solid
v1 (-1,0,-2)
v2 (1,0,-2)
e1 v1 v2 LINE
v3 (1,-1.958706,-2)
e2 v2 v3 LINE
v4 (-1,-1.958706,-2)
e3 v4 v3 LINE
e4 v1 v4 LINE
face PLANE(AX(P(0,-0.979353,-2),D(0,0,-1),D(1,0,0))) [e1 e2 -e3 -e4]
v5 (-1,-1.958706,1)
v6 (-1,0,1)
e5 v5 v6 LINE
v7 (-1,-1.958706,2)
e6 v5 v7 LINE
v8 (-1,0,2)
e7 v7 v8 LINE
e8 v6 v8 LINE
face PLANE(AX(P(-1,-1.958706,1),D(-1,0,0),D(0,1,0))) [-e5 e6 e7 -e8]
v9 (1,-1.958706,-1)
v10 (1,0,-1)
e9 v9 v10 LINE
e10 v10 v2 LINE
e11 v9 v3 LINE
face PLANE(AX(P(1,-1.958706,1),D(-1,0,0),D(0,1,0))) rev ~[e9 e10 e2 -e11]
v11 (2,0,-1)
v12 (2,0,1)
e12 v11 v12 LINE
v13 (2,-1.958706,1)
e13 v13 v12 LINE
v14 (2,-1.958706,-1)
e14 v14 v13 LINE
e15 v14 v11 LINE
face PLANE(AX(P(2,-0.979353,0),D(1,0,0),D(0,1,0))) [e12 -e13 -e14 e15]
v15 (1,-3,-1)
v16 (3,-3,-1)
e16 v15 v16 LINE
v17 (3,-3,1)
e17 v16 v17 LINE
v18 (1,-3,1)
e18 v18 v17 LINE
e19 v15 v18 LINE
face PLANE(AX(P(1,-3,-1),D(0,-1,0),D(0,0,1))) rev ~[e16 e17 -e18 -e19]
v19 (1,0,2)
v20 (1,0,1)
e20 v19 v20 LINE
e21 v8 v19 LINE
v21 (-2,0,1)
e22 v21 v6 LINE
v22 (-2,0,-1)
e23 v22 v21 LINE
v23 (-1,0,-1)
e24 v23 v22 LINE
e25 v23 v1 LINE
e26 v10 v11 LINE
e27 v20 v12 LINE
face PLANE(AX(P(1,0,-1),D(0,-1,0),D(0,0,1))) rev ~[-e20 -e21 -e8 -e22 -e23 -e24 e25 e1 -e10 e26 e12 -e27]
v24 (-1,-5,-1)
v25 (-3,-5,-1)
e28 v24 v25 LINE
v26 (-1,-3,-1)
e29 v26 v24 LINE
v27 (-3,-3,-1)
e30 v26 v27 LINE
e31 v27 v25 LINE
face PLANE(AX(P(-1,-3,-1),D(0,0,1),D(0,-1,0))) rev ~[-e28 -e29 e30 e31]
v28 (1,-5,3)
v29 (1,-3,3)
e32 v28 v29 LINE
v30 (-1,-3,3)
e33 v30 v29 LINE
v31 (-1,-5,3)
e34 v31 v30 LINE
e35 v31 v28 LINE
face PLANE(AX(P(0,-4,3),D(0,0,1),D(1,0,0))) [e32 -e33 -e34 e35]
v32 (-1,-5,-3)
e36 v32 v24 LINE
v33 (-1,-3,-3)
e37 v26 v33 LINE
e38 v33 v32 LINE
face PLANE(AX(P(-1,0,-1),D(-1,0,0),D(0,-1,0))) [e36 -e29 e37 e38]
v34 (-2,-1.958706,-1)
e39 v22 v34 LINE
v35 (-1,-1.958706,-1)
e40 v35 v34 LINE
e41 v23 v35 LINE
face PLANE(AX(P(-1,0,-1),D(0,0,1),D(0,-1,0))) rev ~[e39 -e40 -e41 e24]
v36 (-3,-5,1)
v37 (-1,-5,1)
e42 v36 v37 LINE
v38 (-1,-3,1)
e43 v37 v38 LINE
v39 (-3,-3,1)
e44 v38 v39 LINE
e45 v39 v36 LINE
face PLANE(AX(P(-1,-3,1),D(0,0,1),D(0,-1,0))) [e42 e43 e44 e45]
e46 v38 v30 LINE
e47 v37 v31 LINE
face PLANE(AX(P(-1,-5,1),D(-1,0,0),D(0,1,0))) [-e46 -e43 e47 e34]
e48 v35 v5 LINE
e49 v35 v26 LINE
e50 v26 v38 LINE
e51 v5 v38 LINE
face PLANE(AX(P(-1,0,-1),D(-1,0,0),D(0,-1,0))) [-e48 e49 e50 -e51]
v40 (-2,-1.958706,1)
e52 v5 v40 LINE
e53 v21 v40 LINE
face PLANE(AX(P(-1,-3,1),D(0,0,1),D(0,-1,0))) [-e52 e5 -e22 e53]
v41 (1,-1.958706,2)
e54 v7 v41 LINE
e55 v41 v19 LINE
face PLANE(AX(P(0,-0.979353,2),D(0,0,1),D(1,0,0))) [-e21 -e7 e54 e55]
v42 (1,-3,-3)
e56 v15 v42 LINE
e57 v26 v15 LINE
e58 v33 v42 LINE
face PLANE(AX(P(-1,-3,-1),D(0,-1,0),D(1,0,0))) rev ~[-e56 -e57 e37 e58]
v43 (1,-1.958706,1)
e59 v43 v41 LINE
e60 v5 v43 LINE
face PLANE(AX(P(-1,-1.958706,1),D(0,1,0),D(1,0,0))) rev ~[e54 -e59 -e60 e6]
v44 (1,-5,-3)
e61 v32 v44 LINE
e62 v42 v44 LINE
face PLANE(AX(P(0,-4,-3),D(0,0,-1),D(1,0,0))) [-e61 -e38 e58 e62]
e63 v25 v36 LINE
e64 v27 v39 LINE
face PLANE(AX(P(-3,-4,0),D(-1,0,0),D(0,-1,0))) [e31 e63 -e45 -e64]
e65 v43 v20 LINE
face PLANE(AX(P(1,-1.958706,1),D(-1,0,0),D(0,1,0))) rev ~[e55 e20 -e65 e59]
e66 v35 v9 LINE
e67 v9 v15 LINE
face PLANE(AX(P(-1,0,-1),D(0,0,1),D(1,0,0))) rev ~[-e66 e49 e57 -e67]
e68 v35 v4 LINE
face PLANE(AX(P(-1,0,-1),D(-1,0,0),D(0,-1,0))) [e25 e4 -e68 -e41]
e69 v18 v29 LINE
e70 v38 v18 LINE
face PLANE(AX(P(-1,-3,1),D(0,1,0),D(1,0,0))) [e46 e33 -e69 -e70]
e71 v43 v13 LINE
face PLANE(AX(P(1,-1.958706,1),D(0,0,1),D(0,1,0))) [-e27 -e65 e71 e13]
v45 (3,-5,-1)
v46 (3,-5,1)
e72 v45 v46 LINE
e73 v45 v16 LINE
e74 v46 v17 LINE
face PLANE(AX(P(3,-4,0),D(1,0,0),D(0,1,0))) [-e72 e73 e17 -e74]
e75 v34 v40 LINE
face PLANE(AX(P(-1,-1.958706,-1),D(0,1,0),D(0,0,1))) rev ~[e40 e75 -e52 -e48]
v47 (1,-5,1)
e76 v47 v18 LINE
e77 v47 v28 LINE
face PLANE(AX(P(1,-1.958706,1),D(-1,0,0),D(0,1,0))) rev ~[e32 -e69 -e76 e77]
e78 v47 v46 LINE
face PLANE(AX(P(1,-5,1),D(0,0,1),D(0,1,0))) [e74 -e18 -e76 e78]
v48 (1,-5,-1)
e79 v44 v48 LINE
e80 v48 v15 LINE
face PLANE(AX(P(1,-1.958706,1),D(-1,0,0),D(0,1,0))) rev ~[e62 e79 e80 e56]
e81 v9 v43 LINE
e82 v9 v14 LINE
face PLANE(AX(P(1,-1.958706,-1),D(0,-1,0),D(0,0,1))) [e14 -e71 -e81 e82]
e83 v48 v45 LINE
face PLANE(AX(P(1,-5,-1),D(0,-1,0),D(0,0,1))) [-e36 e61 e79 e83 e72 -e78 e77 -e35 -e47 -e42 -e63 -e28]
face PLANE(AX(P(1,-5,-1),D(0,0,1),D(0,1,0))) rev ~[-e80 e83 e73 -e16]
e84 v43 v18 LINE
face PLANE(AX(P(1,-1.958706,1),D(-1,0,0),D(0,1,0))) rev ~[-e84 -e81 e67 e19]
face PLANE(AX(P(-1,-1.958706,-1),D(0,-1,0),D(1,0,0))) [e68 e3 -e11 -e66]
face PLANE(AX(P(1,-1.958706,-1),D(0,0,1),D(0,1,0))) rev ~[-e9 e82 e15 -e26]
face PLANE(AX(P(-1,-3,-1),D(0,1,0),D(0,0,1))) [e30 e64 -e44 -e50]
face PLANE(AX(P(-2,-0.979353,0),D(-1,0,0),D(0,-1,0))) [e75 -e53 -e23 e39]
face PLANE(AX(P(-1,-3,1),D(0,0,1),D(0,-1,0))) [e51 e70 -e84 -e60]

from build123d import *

# Parameters (mm, degrees)
F0_W      = 2
F0_H      = 2
F1_DEPTH  = 5
F2_W      = 2
F2_H      = 2
F3_DEPTH  = 2
F4_W      = 2
F4_H      = 1.958706
F5_DEPTH  = 1
F6_W      = 1.958706
F6_H      = 2
F7_DEPTH  = 1
F8_W      = 2
F8_H      = 2
F9_DEPTH  = 2
F10_W     = 2
F10_H     = 2
F11_DEPTH = 2
F12_W     = 2
F12_H     = 1.958706
F13_DEPTH = 1
F14_W     = 2
F14_H     = 2
F15_DEPTH = 2
F16_W     = 1.958706
F16_H     = 2
F17_DEPTH = 1


with BuildPart() as f1:
    # F0 (on Front) → F1 (new body)
    with BuildSketch(Plane.XZ):
        Rectangle(F0_W, F0_H)
    extrude(amount=F1_DEPTH)

    # F2 (on face) → F3 (join)
    with BuildSketch(Plane(origin=(0, 0, -1), x_dir=(1, 0, 0), z_dir=(0, 0, -1))):
        with Locations((0, 4)):
            Rectangle(F2_W, F2_H)
    extrude(amount=F3_DEPTH)

    # F4 (on face) → F5 (join)
    with BuildSketch(Plane(origin=(0, 0, -1), x_dir=(1, 0, 0), z_dir=(0, 0, -1))):
        with Locations((0, 0.979353)):
            Rectangle(F4_W, F4_H)
    extrude(amount=F5_DEPTH)

    # F6 (on face) → F7 (join)
    with BuildSketch(Plane(origin=(-1, 0, 0), x_dir=(0, -1, 0), z_dir=(-1, 0, 0))):
        with Locations((0.979353, 0)):
            Rectangle(F6_W, F6_H)
    extrude(amount=F7_DEPTH)

    # F8 (on face) → F9 (join)
    with BuildSketch(Plane(origin=(-1, 0, 0), x_dir=(0, -1, 0), z_dir=(-1, 0, 0))):
        with Locations((4, 0)):
            Rectangle(F8_W, F8_H)
    extrude(amount=F9_DEPTH)

    # F10 (on face) → F11 (join)
    with BuildSketch(Plane.XY.offset(1)):
        with Locations((0, -4)):
            Rectangle(F10_W, F10_H)
    extrude(amount=F11_DEPTH)

    # F12 (on face) → F13 (join)
    with BuildSketch(Plane.XY.offset(1)):
        with Locations((0, -0.979353)):
            Rectangle(F12_W, F12_H)
    extrude(amount=F13_DEPTH)

    # F14 (on face) → F15 (join)
    with BuildSketch(Plane.YZ.offset(1)):
        with Locations((-4, 0)):
            Rectangle(F14_W, F14_H)
    extrude(amount=F15_DEPTH)

    # F16 (on face) → F17 (join)
    with BuildSketch(Plane.YZ.offset(1)):
        with Locations((-0.979353, 0)):
            Rectangle(F16_W, F16_H)
    extrude(amount=F17_DEPTH)


solid = f1.part
